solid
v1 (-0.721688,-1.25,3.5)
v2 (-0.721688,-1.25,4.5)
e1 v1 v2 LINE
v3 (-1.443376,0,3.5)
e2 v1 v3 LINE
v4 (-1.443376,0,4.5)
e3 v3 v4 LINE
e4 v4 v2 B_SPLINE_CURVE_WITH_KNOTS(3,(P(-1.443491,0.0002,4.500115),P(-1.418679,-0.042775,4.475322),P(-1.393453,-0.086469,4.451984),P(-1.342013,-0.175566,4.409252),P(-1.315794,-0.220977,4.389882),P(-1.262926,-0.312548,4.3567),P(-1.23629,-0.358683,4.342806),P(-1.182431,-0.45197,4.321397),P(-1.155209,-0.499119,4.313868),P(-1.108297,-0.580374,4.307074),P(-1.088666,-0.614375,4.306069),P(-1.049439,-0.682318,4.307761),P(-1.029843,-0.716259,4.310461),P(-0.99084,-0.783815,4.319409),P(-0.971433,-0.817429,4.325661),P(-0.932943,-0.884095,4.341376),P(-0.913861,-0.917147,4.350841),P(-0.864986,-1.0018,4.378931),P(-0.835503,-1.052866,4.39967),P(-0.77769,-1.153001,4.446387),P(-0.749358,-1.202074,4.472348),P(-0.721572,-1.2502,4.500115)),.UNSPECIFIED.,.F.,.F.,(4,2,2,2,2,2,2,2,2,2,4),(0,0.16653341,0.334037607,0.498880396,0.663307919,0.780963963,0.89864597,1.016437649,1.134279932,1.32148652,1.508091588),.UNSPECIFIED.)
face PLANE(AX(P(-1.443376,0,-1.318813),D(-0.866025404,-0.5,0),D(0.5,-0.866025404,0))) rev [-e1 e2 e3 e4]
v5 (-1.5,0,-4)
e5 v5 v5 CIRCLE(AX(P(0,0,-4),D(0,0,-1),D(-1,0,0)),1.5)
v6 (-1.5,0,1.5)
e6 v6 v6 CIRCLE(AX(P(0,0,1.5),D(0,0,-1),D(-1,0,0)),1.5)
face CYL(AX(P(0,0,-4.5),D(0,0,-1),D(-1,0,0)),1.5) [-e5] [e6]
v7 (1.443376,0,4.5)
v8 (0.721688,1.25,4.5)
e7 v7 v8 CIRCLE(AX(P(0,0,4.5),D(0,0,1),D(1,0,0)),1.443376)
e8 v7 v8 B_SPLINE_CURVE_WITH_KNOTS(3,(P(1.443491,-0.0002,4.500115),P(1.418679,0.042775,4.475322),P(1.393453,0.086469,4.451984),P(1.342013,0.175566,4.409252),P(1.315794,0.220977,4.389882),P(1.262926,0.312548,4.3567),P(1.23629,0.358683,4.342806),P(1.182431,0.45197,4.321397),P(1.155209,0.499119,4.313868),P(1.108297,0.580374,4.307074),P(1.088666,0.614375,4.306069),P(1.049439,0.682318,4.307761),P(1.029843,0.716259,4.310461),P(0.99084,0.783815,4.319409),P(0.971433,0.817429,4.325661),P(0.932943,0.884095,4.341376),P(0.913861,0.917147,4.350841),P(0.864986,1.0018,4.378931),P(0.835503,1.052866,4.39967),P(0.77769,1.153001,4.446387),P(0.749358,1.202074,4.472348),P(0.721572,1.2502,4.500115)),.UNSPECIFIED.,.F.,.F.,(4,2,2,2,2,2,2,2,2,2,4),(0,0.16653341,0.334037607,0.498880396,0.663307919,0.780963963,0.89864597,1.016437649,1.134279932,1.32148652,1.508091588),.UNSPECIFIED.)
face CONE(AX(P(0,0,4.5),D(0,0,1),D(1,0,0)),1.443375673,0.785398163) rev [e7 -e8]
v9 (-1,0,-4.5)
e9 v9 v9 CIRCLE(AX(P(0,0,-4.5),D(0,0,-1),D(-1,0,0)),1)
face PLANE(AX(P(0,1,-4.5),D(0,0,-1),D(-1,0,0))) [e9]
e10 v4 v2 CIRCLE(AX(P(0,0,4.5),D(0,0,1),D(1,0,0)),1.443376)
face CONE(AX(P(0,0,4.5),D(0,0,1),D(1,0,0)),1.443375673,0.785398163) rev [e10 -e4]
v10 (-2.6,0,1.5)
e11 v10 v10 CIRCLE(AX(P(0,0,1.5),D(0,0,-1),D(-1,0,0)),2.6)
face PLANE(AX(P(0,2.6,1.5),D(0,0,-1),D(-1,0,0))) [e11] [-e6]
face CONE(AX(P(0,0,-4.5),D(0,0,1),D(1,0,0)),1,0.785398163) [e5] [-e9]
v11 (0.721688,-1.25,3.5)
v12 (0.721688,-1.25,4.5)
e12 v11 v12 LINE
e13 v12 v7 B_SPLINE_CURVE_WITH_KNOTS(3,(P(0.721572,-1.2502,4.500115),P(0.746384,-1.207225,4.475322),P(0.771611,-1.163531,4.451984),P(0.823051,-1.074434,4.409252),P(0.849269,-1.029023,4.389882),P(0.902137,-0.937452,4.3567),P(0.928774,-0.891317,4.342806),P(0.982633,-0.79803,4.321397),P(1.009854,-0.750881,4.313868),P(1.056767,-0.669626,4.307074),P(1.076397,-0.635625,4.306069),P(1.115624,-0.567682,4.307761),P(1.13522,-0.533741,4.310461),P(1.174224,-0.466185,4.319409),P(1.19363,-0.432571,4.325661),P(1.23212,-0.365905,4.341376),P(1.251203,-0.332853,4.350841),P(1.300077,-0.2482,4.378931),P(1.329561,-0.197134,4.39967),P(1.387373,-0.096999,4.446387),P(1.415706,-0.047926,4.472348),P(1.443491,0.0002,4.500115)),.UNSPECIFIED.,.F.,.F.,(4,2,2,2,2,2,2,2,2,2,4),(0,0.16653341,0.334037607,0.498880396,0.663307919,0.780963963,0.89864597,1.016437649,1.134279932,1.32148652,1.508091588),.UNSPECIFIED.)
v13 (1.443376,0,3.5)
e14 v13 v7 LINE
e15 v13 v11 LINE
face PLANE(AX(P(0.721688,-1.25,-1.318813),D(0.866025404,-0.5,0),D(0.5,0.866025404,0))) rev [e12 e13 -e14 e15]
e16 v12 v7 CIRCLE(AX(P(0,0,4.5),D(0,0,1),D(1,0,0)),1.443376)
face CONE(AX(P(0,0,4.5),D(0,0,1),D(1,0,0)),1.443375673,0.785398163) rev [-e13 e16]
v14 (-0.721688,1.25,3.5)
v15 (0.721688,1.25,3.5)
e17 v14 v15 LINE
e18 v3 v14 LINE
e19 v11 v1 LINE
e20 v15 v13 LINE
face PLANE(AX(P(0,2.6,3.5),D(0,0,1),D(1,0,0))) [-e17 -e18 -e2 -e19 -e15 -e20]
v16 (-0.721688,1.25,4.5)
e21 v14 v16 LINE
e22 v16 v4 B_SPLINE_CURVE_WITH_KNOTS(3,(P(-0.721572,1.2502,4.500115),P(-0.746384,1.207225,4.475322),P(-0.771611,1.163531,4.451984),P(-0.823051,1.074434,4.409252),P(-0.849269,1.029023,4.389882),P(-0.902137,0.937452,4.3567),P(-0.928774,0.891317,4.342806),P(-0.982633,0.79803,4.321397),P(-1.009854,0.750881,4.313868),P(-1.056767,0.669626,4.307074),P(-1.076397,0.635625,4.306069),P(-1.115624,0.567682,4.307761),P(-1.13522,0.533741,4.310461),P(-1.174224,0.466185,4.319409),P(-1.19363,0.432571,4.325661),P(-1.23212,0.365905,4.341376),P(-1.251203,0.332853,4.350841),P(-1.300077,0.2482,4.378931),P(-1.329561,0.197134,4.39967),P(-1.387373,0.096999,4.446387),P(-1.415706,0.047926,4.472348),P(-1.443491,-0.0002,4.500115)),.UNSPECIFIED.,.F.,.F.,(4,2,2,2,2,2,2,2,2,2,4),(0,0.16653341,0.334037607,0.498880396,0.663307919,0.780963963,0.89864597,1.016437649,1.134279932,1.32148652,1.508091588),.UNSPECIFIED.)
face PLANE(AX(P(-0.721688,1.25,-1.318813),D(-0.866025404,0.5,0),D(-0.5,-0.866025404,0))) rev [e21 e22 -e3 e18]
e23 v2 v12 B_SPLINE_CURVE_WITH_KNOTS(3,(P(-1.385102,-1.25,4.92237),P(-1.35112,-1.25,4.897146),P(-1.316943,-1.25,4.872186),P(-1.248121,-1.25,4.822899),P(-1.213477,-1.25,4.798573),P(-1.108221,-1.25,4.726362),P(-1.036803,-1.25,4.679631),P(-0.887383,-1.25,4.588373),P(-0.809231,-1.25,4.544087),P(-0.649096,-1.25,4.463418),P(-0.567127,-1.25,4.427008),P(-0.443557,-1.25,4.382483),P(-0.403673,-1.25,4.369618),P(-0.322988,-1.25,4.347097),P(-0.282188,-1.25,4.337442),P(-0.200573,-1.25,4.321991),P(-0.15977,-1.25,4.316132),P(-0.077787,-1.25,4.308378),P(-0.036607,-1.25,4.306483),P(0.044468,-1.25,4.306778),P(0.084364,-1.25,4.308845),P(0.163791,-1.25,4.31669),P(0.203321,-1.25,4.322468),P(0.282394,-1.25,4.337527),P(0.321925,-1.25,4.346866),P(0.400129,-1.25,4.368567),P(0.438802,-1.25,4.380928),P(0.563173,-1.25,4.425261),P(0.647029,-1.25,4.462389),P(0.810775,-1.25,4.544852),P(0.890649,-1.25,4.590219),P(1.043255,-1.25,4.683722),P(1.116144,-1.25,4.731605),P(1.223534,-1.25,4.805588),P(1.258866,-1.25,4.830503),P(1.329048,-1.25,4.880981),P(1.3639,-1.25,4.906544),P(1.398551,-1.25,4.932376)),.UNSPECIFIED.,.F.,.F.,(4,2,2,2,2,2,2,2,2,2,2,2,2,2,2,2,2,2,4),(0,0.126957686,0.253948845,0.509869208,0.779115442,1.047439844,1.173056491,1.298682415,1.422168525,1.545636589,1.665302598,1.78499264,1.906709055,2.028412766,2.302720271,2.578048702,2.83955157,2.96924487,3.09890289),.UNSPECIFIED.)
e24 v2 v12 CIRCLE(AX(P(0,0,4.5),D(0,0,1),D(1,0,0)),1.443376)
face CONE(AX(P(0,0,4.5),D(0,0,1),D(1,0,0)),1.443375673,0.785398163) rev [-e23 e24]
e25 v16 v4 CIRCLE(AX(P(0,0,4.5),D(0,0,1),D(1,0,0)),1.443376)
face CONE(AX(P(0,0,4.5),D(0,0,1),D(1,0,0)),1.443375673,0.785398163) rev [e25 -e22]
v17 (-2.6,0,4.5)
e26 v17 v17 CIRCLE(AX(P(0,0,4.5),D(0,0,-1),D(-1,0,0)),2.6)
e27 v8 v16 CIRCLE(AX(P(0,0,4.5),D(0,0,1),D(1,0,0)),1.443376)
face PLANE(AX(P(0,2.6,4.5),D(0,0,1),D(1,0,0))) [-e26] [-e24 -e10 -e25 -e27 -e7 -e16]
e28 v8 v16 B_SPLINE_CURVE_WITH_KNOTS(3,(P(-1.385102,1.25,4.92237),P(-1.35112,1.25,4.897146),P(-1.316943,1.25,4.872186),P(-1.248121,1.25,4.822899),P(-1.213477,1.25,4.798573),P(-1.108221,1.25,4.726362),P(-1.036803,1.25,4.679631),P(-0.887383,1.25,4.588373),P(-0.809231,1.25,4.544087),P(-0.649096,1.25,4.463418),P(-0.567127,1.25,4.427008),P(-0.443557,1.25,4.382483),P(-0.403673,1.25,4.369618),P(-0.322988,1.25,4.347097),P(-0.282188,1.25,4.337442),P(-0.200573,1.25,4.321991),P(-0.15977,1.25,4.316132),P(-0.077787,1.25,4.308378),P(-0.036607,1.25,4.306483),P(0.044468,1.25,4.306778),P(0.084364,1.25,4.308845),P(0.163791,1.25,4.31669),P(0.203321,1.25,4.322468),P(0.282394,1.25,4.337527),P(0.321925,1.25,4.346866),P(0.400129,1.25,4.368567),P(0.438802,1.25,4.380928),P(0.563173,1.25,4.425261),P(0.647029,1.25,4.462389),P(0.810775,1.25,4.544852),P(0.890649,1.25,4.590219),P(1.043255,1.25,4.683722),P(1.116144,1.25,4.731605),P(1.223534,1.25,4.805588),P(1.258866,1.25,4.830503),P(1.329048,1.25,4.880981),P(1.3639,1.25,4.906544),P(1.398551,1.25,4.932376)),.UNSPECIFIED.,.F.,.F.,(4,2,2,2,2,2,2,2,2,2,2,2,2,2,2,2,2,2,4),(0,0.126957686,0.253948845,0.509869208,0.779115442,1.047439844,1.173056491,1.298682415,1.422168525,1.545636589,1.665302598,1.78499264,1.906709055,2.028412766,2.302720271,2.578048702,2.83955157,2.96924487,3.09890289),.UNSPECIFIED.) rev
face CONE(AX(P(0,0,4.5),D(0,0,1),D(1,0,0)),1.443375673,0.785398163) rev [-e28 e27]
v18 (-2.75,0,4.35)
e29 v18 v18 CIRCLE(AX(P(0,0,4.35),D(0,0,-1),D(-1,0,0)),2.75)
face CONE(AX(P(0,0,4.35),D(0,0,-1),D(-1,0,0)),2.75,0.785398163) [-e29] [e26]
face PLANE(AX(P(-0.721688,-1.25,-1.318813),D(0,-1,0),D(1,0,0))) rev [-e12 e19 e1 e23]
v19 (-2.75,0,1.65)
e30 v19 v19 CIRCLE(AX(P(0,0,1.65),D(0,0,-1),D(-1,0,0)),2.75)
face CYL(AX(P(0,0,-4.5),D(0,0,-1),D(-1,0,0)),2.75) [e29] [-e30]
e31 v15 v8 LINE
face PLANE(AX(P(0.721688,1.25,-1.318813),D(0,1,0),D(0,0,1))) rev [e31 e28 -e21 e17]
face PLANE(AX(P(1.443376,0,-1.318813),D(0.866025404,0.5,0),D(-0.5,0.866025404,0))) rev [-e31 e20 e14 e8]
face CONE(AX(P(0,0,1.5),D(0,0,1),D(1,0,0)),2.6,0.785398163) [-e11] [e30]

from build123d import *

# Parameters (mm, degrees)
CUT_EXTRUDE1_DEPTH = 1
SKETCH4_R          = 1.443375673
CUT_EXTRUDE2_DEPTH = 0.5
CUT_EXTRUDE2_DRAFT = -45


with BuildPart() as part:
    # Sketch2 → Revolve1 (revolve)
    with BuildSketch(Plane(origin=(0, 0, 0), x_dir=(0, 0, -1), z_dir=(1, 0, 0)), mode=Mode.PRIVATE) as revolve1_sk:
        Polygon((-4.35, 2.75), (-1.65, 2.75), (-1.5, 2.6), (-1.5, 1.5), (4, 1.5), (4.5, 1), (4.5, 0), (-4.5, 0), (-4.5, 2.6), align=None)
    revolve(revolve1_sk.sketch.rotate(Axis((0, 0, -4.5), (0, 0, 1)), 90), axis=Axis((0, 0, -4.5), (0, 0, 1)))

    # Sketch3 → Cut-Extrude1 (cut)
    with BuildSketch(Plane.XY.offset(4.5)):
        Polygon((0.721687836, 1.25), (-0.721687836, 1.25), (-1.443375673, 0), (-0.721687836, -1.25), (0.721687836, -1.25), (1.443375673, 0), align=None)
    extrude(amount=-CUT_EXTRUDE1_DEPTH, mode=Mode.SUBTRACT)


with BuildPart() as cut_extrude2_tool:
    # Sketch4 → Cut-Extrude2 (with draft: the straight prism first)
    with BuildSketch(Plane.XY.offset(4.5)):
        Circle(SKETCH4_R)
    extrude(amount=-CUT_EXTRUDE2_DEPTH)
    # Cut-Extrude2: the draft: its side faces are tilted about the plane it starts from
    cut_extrude2_sides = [cut_extrude2_tool.faces().sort_by_distance(p)[0] for p in [
        (-1.443375673, 0, 4.25),
    ]]
    draft(cut_extrude2_sides, Plane.XY.offset(4.5), CUT_EXTRUDE2_DRAFT)


with BuildPart() as part_1:
    add(part.part)

    # Cut-Extrude2: cut by cut_extrude2_tool
    add(cut_extrude2_tool.part, mode=Mode.SUBTRACT)


solid = part_1.part
